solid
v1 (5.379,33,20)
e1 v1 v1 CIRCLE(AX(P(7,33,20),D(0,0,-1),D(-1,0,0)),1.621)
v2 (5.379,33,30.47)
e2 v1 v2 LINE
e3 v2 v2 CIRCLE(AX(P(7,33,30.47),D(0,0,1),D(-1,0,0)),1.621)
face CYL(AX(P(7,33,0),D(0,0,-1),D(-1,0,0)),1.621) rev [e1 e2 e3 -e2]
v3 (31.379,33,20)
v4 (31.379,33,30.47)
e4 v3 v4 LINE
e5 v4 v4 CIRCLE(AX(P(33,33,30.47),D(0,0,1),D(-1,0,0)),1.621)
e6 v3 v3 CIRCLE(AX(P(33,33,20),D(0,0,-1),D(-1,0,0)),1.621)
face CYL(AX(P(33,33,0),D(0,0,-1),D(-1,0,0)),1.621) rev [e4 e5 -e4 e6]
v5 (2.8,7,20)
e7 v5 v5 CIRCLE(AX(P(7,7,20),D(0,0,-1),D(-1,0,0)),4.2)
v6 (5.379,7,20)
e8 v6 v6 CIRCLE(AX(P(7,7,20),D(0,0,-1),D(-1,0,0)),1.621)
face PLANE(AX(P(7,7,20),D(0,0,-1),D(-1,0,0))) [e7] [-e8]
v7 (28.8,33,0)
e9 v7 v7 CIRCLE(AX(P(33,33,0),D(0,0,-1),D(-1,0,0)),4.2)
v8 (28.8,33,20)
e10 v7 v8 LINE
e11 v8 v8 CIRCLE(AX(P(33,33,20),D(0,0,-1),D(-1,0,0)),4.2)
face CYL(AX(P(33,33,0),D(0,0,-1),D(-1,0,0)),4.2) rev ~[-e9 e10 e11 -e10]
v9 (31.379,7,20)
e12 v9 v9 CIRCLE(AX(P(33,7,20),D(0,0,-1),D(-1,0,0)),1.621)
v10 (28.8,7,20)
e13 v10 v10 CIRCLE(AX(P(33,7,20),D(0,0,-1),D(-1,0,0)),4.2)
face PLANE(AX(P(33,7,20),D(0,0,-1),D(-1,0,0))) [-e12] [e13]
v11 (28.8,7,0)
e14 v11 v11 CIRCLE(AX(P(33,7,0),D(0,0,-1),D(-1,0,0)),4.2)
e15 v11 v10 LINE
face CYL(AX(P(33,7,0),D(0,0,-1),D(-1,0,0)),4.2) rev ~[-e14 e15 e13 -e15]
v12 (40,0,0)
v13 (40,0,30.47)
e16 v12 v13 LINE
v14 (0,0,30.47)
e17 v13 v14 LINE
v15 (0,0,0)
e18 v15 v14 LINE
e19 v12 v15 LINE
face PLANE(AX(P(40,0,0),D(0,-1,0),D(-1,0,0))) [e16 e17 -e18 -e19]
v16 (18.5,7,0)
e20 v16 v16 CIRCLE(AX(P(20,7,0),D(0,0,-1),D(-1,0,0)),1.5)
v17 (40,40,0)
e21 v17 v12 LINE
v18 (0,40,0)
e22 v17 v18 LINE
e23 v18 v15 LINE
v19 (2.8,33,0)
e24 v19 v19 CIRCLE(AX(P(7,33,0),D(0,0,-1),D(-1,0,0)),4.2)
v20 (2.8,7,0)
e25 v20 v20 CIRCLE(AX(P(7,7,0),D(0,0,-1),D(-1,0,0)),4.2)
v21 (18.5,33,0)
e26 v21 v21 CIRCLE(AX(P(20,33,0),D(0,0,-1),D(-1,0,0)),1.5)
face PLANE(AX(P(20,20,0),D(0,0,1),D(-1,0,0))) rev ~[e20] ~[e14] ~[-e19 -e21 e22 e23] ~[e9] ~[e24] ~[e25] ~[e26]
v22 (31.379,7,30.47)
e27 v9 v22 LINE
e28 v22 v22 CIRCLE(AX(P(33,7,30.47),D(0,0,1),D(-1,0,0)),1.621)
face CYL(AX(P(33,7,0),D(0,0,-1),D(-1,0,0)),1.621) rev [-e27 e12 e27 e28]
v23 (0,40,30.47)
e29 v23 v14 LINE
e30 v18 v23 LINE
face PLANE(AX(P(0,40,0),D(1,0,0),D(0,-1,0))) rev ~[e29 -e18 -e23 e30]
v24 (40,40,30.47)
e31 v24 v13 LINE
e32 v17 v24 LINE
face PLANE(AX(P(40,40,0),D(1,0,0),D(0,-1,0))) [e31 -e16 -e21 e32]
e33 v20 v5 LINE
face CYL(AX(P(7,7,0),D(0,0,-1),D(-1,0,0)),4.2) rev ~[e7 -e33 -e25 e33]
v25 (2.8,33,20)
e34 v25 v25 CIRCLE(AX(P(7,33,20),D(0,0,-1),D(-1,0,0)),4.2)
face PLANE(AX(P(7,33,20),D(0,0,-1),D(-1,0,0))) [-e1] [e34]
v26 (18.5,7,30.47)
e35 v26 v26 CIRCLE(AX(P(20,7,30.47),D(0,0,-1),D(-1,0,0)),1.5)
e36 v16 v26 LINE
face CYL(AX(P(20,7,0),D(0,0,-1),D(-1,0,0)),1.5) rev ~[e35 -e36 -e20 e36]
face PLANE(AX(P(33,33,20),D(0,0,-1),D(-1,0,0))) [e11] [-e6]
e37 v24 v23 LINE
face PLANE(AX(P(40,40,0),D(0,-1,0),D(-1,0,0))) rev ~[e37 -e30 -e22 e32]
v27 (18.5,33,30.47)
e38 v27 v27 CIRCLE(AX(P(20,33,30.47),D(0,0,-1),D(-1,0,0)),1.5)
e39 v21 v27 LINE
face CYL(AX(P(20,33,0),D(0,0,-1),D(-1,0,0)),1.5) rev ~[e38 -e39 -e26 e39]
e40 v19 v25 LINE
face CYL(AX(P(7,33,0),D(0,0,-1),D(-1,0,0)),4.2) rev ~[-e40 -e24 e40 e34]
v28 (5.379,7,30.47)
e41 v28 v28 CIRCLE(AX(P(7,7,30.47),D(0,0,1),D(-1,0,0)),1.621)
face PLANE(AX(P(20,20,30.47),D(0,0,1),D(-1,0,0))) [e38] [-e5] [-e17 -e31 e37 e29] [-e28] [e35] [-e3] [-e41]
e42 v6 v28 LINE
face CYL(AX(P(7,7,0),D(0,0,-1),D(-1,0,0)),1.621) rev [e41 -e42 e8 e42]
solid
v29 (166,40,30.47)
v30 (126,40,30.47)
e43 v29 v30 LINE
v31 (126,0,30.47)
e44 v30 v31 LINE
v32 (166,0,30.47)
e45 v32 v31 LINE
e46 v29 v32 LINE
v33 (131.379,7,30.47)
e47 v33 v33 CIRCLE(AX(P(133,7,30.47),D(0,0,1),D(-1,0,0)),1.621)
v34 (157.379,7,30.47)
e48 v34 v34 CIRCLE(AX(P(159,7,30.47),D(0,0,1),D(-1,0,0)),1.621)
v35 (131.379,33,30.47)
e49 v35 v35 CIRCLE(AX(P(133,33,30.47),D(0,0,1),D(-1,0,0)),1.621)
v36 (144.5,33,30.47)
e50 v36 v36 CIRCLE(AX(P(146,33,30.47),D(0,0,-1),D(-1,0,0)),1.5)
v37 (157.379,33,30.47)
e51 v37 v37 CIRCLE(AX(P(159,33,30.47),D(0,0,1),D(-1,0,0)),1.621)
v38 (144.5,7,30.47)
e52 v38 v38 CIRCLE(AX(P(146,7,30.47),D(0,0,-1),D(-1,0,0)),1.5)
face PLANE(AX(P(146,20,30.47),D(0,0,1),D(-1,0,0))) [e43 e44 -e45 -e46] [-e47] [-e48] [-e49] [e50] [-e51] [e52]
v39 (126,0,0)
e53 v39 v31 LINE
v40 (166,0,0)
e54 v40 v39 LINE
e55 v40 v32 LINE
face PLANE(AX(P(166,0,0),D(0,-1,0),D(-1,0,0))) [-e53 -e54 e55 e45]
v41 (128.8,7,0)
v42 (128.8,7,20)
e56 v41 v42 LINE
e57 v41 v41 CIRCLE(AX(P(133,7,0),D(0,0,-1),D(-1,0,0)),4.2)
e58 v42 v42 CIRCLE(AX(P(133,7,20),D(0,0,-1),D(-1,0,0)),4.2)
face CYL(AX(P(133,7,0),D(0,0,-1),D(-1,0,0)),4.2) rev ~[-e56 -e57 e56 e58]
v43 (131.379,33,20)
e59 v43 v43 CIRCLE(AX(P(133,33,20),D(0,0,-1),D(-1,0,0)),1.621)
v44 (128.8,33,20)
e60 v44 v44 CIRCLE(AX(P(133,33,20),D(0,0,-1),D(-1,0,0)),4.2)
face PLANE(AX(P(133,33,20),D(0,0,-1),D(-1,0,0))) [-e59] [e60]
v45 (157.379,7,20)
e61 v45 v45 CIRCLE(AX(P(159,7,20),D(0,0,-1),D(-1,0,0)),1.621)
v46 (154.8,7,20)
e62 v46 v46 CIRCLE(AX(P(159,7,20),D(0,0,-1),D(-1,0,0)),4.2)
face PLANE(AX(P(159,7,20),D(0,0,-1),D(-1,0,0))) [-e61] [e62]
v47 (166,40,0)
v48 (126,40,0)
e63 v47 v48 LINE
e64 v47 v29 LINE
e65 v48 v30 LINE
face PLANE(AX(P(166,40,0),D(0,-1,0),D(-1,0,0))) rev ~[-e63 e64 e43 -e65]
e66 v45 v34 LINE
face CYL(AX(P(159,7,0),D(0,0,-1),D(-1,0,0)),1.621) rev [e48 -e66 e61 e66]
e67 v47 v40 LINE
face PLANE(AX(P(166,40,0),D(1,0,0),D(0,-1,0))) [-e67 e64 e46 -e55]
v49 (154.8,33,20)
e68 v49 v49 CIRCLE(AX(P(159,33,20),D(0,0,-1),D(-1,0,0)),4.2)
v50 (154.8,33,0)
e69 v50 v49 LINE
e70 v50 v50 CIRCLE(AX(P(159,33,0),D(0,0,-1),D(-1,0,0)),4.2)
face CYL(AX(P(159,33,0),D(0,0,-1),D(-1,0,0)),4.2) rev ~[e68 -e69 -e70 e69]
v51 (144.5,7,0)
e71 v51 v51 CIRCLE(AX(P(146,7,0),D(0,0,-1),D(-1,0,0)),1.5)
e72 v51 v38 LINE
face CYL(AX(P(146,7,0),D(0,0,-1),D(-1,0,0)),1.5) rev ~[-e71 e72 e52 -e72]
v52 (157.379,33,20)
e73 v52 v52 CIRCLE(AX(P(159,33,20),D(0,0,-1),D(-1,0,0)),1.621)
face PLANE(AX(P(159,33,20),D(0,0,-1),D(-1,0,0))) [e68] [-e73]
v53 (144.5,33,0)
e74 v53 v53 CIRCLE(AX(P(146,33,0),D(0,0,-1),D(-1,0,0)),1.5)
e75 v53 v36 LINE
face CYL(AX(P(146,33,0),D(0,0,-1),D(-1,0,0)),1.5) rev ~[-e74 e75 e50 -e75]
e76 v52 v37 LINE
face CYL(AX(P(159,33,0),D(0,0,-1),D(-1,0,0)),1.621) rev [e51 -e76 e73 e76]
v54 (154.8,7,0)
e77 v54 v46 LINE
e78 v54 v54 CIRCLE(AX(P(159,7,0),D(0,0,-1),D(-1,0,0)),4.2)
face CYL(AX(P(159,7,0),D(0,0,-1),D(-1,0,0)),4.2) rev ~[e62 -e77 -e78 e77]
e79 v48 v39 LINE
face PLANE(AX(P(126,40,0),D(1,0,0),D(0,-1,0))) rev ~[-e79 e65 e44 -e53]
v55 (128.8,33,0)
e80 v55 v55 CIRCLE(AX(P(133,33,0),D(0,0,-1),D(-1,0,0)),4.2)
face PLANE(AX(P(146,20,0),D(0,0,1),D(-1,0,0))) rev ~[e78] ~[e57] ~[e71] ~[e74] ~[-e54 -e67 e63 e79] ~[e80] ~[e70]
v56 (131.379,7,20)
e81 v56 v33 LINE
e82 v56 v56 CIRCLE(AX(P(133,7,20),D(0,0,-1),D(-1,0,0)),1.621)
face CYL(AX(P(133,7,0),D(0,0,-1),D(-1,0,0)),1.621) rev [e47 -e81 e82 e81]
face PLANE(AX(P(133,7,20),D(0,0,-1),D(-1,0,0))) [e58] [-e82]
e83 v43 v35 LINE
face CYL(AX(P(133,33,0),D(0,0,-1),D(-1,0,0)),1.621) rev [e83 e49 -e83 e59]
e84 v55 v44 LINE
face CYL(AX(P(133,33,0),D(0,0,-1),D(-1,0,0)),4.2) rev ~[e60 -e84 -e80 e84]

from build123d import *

# Parameters (mm, degrees)
SKETCH1_W             = 40
SKETCH1_H             = 40
SKETCH1_R             = 1.621
BOSS_EXTRUDE1_DEPTH   = 30.47
BOSS_EXTRUDE1_2_DEPTH = 30.47
SKETCH4_R             = 4.2
CUT_EXTRUDE1_DEPTH    = 20
SKETCH5_R             = 1.5
CUT_EXTRUDE2_DEPTH    = 174.448611698


with BuildPart() as part:
    # Sketch1 → Boss-Extrude1 (new body)
    with BuildSketch(Plane(origin=(0, 0, 0), x_dir=(-1, 0, 0), z_dir=(0, 0, 1))):
        with Locations((-20, -20)):
            Rectangle(SKETCH1_W, SKETCH1_H)
        with Locations((-33, -7)):
            Circle(SKETCH1_R, mode=Mode.SUBTRACT)
        with Locations((-7, -7)):
            Circle(SKETCH1_R, mode=Mode.SUBTRACT)
        with Locations((-7, -33)):
            Circle(SKETCH1_R, mode=Mode.SUBTRACT)
        with Locations((-33, -33)):
            Circle(SKETCH1_R, mode=Mode.SUBTRACT)
    extrude(amount=BOSS_EXTRUDE1_DEPTH)


with BuildPart() as body_2:
    # Sketch1 → Boss-Extrude1 2 (new body)
    with BuildSketch(Plane(origin=(0, 0, 0), x_dir=(-1, 0, 0), z_dir=(0, 0, 1))):
        with Locations((-146, -20)):
            Rectangle(SKETCH1_W, SKETCH1_H)
        with Locations((-159, -7)):
            Circle(SKETCH1_R, mode=Mode.SUBTRACT)
        with Locations((-133, -7)):
            Circle(SKETCH1_R, mode=Mode.SUBTRACT)
        with Locations((-133, -33)):
            Circle(SKETCH1_R, mode=Mode.SUBTRACT)
        with Locations((-159, -33)):
            Circle(SKETCH1_R, mode=Mode.SUBTRACT)
    extrude(amount=BOSS_EXTRUDE1_2_DEPTH)


with BuildPart() as cut_extrude1_tool:
    # Sketch4 → Cut-Extrude1 (new body)
    with BuildSketch(Plane(origin=(0, 0, 0), x_dir=(-1, 0, 0), z_dir=(0, 0, -1))):
        with Locations((-7, 7)):
            Circle(SKETCH4_R)
        with Locations((-33, 7)):
            Circle(SKETCH4_R)
        with Locations((-7, 33)):
            Circle(SKETCH4_R)
        with Locations((-33, 33)):
            Circle(SKETCH4_R)
        with Locations((-133, 7)):
            Circle(SKETCH4_R)
        with Locations((-133, 33)):
            Circle(SKETCH4_R)
        with Locations((-159, 33)):
            Circle(SKETCH4_R)
        with Locations((-159, 7)):
            Circle(SKETCH4_R)
    extrude(amount=-CUT_EXTRUDE1_DEPTH)


with BuildPart() as part_1:
    add(part.part)

    # Cut-Extrude1: cut by cut_extrude1_tool
    add(cut_extrude1_tool.part, mode=Mode.SUBTRACT)


with BuildPart() as body_2_1:
    add(body_2.part)

    # Cut-Extrude1: cut by cut_extrude1_tool
    add(cut_extrude1_tool.part, mode=Mode.SUBTRACT)


with BuildPart() as cut_extrude2_tool:
    # Sketch5 → Cut-Extrude2 (new, through all)
    with BuildSketch(Plane(origin=(0, 0, 0), x_dir=(-1, 0, 0), z_dir=(0, 0, -1))):
        with Locations((-20, 7)):
            Circle(SKETCH5_R)
        with Locations((-20, 33)):
            Circle(SKETCH5_R)
        with Locations((-146, 7)):
            Circle(SKETCH5_R)
        with Locations((-146, 33)):
            Circle(SKETCH5_R)
    extrude(amount=-CUT_EXTRUDE2_DEPTH)


with BuildPart() as part_2:
    add(part_1.part)

    # Cut-Extrude2: cut by cut_extrude2_tool
    add(cut_extrude2_tool.part, mode=Mode.SUBTRACT)


with BuildPart() as body_2_2:
    add(body_2_1.part)

    # Cut-Extrude2: cut by cut_extrude2_tool
    add(cut_extrude2_tool.part, mode=Mode.SUBTRACT)


solid = Compound([part_2.part, body_2_2.part])
